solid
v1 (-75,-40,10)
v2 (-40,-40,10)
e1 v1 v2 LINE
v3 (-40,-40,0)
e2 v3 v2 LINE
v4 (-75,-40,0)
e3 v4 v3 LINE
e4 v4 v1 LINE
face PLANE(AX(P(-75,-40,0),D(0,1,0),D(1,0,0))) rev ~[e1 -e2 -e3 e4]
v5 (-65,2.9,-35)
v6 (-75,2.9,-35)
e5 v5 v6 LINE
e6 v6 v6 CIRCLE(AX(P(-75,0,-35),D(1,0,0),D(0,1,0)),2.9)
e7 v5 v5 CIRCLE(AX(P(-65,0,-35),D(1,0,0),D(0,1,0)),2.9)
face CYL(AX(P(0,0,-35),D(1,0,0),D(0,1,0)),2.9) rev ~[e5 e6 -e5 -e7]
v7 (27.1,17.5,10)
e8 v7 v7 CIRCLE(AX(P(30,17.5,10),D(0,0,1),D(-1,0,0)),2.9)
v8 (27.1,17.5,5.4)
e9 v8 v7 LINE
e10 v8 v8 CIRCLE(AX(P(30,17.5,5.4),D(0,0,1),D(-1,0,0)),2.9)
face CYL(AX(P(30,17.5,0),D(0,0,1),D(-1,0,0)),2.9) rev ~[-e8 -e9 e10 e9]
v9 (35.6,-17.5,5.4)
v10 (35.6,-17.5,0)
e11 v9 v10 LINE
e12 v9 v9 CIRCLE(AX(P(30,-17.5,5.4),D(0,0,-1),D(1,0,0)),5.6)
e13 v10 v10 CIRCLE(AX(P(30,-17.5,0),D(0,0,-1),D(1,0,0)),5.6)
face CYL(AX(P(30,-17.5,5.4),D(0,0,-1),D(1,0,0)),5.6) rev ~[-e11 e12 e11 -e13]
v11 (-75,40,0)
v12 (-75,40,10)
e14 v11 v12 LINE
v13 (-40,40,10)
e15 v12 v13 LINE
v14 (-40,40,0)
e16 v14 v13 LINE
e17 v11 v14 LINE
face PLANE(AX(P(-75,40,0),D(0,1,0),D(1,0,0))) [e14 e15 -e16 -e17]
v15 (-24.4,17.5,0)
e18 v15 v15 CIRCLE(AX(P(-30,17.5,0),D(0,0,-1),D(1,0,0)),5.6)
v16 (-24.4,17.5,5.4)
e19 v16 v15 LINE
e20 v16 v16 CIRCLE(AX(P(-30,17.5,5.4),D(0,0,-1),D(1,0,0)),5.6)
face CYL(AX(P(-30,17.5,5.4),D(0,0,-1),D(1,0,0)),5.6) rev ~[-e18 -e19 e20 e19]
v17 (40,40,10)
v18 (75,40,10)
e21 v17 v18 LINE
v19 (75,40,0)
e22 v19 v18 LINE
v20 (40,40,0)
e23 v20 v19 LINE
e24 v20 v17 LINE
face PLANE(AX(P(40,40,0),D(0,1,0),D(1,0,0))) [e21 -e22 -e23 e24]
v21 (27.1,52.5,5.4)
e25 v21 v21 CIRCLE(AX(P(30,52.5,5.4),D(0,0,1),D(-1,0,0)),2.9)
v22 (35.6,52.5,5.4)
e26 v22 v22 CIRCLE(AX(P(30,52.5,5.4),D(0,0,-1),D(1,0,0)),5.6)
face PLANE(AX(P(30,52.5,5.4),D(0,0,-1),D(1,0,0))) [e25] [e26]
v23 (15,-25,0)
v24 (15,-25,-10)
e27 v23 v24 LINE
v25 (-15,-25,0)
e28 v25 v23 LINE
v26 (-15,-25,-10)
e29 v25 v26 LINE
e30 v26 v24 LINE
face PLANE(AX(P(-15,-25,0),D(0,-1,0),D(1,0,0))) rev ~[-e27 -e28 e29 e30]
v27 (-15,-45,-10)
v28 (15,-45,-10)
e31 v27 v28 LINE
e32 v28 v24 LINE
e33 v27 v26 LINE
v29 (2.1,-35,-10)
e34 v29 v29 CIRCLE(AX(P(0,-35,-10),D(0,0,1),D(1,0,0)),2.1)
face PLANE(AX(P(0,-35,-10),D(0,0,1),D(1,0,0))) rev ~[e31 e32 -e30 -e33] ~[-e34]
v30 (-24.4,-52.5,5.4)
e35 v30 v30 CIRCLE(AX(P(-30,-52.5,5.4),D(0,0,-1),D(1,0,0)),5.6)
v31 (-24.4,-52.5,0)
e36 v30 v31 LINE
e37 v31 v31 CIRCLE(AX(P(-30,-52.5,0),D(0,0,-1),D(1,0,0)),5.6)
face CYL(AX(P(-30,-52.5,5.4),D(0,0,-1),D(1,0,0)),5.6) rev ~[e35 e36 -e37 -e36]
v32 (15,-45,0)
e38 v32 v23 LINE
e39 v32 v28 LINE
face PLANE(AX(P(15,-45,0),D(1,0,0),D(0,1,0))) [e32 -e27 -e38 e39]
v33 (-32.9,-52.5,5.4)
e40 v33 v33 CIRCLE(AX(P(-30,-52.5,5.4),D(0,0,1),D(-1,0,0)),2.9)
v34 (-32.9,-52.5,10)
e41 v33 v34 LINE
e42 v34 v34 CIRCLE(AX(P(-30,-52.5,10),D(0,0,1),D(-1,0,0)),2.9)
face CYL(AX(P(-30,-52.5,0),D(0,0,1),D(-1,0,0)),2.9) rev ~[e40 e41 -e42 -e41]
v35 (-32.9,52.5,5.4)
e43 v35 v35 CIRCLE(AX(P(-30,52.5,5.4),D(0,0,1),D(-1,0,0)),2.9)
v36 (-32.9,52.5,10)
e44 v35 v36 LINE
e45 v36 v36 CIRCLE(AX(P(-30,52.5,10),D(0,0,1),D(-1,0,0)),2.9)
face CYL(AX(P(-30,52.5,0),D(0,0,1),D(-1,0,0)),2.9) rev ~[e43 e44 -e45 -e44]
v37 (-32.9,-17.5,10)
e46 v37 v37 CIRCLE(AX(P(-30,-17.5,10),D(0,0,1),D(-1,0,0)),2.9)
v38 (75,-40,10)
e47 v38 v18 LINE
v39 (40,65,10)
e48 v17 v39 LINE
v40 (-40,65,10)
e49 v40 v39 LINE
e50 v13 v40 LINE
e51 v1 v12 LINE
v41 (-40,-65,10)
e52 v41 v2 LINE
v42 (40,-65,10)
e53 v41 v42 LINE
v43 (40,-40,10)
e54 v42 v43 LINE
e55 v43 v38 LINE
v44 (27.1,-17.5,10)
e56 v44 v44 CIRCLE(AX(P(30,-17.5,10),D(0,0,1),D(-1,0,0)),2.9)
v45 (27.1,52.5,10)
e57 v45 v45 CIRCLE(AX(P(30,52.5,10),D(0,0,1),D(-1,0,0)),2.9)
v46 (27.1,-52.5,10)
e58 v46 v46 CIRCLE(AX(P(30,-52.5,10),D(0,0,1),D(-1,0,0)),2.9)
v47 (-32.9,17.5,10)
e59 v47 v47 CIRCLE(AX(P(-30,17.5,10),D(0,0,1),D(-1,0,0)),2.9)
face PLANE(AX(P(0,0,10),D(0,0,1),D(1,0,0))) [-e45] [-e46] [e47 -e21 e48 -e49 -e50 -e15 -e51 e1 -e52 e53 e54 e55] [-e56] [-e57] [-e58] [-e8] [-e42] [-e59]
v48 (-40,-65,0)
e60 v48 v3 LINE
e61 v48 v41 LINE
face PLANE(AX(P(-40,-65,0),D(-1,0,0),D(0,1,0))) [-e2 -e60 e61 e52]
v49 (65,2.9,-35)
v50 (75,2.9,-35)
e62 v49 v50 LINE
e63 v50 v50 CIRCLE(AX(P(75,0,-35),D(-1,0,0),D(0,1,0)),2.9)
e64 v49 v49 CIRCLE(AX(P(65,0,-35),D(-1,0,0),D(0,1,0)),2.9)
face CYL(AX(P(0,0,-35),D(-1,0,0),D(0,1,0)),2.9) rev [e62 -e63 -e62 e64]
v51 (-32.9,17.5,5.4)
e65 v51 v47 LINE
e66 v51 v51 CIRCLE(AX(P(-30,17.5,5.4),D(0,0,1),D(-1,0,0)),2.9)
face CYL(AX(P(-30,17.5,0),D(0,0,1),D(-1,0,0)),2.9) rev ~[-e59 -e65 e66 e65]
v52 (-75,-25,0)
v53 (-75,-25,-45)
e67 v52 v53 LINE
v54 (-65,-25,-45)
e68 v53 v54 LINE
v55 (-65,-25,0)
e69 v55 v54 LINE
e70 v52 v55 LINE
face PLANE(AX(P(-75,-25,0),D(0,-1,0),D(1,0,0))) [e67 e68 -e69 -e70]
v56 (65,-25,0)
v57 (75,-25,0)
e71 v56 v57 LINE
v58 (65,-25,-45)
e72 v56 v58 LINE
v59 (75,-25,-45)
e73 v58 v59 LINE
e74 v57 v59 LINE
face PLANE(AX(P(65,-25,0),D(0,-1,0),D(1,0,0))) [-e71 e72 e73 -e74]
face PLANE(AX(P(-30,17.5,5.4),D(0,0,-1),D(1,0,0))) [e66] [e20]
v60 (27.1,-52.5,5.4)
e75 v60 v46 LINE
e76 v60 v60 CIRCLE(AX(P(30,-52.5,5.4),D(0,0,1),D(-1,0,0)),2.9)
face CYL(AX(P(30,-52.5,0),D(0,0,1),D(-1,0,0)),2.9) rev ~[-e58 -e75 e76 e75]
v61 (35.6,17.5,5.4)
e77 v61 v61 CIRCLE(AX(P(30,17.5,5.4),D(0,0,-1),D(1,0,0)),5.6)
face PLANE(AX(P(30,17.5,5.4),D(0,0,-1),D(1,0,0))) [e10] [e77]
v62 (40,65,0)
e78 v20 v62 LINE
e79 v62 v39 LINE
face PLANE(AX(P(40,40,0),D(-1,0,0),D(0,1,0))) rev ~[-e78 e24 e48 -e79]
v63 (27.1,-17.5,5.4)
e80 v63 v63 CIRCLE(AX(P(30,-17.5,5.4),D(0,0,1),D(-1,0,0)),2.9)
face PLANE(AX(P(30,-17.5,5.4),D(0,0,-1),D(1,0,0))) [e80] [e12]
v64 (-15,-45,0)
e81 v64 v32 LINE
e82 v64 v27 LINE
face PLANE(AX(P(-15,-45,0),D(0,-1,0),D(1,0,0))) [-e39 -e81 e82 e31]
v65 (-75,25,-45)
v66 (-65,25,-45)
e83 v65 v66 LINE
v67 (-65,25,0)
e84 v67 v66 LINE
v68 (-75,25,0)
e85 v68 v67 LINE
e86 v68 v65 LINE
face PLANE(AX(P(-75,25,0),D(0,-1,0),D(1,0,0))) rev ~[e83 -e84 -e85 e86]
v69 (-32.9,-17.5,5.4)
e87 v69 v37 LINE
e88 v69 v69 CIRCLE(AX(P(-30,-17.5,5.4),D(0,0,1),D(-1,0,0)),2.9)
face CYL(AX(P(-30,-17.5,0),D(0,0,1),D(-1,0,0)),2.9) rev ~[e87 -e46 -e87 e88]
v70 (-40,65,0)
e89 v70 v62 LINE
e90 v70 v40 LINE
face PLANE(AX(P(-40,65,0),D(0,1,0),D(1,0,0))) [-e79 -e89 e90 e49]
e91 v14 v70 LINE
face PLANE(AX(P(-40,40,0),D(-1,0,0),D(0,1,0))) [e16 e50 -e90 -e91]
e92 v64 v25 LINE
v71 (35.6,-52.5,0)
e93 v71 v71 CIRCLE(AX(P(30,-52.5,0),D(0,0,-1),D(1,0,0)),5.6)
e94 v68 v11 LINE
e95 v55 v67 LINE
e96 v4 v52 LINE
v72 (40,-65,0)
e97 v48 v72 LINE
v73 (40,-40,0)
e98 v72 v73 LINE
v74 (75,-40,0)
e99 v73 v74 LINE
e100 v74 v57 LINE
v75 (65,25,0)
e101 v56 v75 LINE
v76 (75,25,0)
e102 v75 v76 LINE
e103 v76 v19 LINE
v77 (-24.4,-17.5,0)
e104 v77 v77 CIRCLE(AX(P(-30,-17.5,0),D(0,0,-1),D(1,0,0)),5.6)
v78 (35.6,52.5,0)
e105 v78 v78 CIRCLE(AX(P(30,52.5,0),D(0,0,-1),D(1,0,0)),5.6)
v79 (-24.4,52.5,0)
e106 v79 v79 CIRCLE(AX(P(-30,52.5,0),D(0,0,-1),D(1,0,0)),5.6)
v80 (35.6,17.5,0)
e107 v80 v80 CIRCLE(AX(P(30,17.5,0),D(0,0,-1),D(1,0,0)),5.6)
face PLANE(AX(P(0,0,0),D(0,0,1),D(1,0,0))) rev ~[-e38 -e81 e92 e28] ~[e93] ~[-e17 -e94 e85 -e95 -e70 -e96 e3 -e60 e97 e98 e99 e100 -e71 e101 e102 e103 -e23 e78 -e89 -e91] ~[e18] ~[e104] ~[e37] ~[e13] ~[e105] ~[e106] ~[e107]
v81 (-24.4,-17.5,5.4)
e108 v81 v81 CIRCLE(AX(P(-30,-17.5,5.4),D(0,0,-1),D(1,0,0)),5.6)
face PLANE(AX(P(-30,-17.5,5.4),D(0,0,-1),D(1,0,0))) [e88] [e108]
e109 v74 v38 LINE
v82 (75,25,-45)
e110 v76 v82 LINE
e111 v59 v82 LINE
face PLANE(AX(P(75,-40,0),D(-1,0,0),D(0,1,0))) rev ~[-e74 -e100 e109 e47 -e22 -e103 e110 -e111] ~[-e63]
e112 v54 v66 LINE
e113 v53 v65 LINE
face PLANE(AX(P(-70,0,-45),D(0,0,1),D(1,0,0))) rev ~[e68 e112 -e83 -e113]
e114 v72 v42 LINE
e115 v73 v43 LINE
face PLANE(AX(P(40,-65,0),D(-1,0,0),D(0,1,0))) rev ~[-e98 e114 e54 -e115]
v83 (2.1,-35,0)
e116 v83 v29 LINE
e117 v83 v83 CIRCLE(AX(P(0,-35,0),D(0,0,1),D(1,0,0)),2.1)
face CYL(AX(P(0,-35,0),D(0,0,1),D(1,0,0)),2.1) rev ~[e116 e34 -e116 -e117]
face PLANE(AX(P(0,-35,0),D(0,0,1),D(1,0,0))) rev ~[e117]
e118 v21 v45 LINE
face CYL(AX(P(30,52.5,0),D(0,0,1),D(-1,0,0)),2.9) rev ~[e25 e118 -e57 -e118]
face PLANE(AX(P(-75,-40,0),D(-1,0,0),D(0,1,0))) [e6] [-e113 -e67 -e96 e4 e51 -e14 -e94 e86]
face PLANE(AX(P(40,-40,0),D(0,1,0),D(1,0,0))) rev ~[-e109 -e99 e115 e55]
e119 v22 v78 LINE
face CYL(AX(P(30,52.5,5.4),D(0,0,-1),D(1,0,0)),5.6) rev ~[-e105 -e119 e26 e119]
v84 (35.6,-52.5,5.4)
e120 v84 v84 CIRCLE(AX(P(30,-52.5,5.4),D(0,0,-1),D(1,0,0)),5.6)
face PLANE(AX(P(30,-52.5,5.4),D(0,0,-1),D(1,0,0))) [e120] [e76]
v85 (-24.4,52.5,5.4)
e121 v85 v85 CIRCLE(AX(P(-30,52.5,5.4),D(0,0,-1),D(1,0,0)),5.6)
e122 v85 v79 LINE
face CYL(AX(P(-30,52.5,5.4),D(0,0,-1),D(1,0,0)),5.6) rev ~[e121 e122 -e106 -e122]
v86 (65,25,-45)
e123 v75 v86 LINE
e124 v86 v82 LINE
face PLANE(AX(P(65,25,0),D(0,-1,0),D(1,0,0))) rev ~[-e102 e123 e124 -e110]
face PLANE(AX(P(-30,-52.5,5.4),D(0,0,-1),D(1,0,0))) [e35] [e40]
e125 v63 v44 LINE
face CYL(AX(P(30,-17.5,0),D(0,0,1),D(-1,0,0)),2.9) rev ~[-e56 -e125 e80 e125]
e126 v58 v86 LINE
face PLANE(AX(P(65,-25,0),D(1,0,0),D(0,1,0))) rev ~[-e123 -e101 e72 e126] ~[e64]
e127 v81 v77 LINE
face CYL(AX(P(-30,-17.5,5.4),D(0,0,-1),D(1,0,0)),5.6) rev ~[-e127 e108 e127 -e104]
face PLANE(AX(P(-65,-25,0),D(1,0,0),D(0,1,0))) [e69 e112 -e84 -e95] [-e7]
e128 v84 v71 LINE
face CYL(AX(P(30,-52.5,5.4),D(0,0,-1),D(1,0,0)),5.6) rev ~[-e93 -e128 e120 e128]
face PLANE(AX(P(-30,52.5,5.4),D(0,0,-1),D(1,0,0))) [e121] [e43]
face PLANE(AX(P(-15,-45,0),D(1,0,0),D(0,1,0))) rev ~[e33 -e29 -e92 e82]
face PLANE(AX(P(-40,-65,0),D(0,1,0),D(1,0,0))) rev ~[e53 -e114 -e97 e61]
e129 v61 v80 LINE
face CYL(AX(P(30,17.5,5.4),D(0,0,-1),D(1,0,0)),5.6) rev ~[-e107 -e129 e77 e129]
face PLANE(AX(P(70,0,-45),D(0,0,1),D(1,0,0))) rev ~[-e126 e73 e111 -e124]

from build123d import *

# Parameters (mm, degrees)
SKETCH043_W         = 150
SKETCH043_H         = 80
SKETCH043_W_2       = 80
SKETCH043_H_2       = 25
PAD021_DEPTH        = 10
HOLE020_D           = 5.8
HOLE020_DEPTH       = 25
HOLE020_CBORE_D     = 11.2
HOLE020_CBORE_DEPTH = 5.4
SKETCH044_W         = 10
SKETCH044_H         = 50
PAD022_DEPTH        = 45
SKETCH045_R         = 2.9
HOLE021_DEPTH       = 75.001
SKETCH046_R         = 2.9
HOLE022_DEPTH       = 75.001
SKETCH047_W         = 30
SKETCH047_H         = 20
PAD023_DEPTH        = 10
SKETCH048_R         = 2.1
HOLE023_DEPTH       = 45.001


with BuildPart() as part:
    # Sketch043 → Pad021 (new body)
    with BuildSketch(Plane.XY):
        Rectangle(SKETCH043_W, SKETCH043_H)
        with Locations((0, 52.5)):
            Rectangle(SKETCH043_W_2, SKETCH043_H_2)
        with Locations((0, -52.5)):
            Rectangle(SKETCH043_W_2, SKETCH043_H_2)
    extrude(amount=PAD021_DEPTH)

    # Hole020
    with Locations(Plane(origin=(0, 0, 0), x_dir=(1, 0, 0), z_dir=(0, 0, -1))):
        with Locations((-30, -52.5), (30, -52.5), (-30, -17.5), (30, -17.5), (-30, 17.5), (30, 17.5), (-30, 52.5), (30, 52.5)):
            CounterBoreHole(HOLE020_D / 2, HOLE020_CBORE_D / 2, HOLE020_CBORE_DEPTH, depth=HOLE020_DEPTH)

    # Sketch044 → Pad022 (join)
    with BuildSketch(Plane.XY):
        with Locations((-70, 0)):
            Rectangle(SKETCH044_W, SKETCH044_H)
        with Locations((70, 0)):
            Rectangle(SKETCH044_W, SKETCH044_H)
    extrude(amount=-PAD022_DEPTH)

    # Sketch045 → Hole021 (cut, through all)
    with BuildSketch(Plane.YZ):
        with Locations((0, -35)):
            Circle(SKETCH045_R)
    extrude(amount=-HOLE021_DEPTH, mode=Mode.SUBTRACT)

    # Sketch046 → Hole022 (cut, through all)
    with BuildSketch(Plane.YZ):
        with Locations((0, -35)):
            Circle(SKETCH046_R)
    extrude(amount=HOLE022_DEPTH, mode=Mode.SUBTRACT)

    # Sketch047 → Pad023 (join)
    with BuildSketch(Plane.XY):
        with Locations((0, -35)):
            Rectangle(SKETCH047_W, SKETCH047_H)
    extrude(amount=-PAD023_DEPTH)

    # Sketch048 → Hole023 (cut, through all)
    with BuildSketch(Plane.XY):
        with Locations((0, -35)):
            Circle(SKETCH048_R)
    extrude(amount=-HOLE023_DEPTH, mode=Mode.SUBTRACT)


solid = part.part
